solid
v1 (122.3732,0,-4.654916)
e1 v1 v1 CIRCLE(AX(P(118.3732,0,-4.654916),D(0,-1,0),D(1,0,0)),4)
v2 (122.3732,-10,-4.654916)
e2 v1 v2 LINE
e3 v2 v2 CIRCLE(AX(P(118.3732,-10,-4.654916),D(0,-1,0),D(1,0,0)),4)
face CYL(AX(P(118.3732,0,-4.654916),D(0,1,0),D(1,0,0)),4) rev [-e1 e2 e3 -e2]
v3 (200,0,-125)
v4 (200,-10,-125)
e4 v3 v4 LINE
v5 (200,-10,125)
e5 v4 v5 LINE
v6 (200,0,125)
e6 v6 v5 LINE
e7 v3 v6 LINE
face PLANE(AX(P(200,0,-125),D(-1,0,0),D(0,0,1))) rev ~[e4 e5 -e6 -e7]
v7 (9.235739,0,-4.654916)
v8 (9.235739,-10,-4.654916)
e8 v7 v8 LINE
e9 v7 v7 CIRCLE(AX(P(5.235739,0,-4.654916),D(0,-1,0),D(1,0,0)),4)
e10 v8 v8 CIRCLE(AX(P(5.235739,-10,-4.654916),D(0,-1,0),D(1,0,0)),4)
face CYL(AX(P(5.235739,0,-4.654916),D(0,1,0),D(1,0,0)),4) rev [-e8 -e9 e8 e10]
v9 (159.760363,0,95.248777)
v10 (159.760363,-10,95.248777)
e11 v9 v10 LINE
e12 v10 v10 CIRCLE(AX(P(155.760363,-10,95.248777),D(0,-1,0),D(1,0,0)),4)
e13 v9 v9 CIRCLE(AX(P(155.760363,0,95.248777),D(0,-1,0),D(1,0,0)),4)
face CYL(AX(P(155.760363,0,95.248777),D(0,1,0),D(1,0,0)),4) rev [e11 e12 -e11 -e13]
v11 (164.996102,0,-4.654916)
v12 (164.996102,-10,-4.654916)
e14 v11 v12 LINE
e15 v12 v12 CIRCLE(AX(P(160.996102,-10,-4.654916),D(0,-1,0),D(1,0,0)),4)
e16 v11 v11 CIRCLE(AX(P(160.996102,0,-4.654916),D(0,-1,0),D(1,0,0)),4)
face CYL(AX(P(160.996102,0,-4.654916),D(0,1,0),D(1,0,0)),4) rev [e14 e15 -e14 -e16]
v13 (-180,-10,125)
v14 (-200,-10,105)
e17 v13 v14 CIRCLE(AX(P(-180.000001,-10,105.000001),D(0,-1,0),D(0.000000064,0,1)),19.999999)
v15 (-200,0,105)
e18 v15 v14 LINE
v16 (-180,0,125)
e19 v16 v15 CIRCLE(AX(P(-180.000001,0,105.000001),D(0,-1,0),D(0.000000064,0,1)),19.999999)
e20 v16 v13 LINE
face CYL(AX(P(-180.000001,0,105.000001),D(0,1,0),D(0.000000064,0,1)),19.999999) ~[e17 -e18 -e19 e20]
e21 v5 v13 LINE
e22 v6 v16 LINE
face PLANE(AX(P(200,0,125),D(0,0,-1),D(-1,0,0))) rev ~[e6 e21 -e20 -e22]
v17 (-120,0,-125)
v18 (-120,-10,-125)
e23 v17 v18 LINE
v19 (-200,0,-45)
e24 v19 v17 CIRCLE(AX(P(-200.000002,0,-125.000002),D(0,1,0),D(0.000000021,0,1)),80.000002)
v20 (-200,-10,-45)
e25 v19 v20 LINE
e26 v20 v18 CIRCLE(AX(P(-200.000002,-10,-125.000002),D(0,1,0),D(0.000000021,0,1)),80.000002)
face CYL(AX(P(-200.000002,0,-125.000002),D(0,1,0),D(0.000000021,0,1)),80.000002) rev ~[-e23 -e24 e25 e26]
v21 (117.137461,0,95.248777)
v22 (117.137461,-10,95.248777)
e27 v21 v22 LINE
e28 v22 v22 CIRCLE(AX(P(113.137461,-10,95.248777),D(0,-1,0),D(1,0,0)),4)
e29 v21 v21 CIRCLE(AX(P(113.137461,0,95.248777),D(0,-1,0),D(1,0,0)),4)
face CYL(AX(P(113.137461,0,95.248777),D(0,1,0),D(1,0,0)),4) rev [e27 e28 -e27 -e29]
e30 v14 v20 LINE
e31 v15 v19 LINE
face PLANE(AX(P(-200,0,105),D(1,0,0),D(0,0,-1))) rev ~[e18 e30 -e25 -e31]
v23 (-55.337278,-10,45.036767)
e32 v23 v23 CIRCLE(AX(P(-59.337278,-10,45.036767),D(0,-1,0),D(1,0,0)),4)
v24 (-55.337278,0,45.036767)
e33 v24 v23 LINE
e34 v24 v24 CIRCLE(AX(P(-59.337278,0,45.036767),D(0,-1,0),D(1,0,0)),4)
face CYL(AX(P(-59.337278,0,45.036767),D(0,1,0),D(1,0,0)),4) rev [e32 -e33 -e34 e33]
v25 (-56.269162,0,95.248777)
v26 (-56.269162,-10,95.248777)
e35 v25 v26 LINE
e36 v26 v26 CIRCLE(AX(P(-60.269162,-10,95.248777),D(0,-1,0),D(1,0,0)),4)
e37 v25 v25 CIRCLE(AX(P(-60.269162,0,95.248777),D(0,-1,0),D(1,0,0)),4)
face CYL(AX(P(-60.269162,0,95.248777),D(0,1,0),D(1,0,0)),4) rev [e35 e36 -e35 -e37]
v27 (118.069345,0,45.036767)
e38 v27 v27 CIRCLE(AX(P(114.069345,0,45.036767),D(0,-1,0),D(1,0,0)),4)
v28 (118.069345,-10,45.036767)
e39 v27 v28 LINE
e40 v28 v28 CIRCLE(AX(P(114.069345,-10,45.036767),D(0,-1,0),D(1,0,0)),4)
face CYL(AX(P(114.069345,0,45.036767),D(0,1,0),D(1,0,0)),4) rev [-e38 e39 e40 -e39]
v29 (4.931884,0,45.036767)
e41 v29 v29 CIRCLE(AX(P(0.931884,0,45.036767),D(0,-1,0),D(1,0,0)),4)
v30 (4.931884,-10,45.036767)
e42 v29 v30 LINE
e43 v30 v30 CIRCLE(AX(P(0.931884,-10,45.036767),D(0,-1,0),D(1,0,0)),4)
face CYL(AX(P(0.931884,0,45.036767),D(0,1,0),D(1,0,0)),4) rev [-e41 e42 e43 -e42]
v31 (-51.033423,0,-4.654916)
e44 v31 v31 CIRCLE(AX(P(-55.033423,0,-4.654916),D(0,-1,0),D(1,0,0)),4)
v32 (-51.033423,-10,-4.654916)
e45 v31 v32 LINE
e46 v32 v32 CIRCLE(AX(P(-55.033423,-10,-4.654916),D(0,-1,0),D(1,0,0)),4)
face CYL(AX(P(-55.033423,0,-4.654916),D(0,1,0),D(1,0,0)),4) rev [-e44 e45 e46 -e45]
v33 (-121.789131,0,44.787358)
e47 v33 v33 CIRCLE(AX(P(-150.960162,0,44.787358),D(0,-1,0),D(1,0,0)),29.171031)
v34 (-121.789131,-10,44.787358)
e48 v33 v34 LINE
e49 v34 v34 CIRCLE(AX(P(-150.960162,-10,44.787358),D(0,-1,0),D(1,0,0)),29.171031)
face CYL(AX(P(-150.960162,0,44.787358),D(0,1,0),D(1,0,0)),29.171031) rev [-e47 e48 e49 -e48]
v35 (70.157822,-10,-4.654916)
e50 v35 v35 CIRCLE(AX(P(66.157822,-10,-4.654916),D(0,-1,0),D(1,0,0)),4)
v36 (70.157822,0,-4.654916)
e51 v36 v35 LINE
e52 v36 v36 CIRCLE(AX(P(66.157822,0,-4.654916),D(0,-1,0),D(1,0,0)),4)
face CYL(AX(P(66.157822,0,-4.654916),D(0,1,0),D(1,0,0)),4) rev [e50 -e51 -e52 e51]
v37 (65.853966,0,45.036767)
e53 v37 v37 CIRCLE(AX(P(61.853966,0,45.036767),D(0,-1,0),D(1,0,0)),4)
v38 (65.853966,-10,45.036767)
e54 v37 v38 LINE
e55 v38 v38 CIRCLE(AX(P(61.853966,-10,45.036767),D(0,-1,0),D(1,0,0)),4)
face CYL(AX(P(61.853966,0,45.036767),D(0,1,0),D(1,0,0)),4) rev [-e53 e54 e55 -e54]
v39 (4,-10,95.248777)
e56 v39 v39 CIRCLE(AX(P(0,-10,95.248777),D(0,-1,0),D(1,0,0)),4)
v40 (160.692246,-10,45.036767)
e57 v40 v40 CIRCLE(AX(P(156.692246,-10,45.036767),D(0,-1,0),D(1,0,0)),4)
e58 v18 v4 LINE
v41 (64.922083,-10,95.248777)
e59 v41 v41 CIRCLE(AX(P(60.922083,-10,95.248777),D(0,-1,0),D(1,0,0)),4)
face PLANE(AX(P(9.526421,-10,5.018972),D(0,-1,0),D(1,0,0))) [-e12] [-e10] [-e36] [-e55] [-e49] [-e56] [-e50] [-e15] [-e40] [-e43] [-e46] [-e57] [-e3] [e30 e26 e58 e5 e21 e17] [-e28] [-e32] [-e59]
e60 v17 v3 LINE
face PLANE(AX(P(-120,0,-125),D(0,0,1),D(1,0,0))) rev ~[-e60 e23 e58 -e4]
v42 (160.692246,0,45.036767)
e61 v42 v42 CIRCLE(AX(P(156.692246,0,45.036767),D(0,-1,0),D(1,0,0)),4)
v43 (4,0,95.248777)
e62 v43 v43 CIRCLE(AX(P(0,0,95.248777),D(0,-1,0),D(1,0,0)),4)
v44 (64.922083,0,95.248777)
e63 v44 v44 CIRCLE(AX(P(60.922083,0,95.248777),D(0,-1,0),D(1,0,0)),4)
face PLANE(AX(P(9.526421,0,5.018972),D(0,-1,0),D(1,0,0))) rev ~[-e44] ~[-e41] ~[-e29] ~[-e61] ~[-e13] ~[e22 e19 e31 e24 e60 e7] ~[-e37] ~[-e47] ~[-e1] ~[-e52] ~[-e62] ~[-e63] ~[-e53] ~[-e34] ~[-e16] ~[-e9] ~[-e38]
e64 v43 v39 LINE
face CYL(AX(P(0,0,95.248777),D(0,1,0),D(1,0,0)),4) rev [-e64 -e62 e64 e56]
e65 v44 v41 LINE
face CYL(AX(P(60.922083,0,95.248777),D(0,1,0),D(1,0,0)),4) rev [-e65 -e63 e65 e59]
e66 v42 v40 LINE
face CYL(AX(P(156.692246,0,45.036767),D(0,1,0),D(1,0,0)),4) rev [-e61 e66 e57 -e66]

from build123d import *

# Parameters (mm, degrees)
F0_R     = 4
F0_R_2   = 29.171031
F1_DEPTH = 10


with BuildPart() as f1:
    # F0 (on Front) → F1 (new body)
    with BuildSketch(Plane.XZ):
        with BuildLine():
            Line((200, 125), (-180, 125))
            ThreePointArc((-180, 125), (-194.142136, 119.142136), (-200, 105))
            Line((-200, 105), (-200, -45))
            ThreePointArc((-200, -45), (-143.431458, -68.431458), (-120, -125))
            Line((-120, -125), (200, -125))
            Line((200, -125), (200, 125))
        make_face()
        with Locations((-55.033423, -4.654916)):
            Circle(F0_R, mode=Mode.SUBTRACT)
        with Locations((5.235739, -4.654916)):
            Circle(F0_R, mode=Mode.SUBTRACT)
        with Locations((66.157822, -4.654916)):
            Circle(F0_R, mode=Mode.SUBTRACT)
        with Locations((118.3732, -4.654916)):
            Circle(F0_R, mode=Mode.SUBTRACT)
        with Locations((160.996102, -4.654916)):
            Circle(F0_R, mode=Mode.SUBTRACT)
        with Locations((-150.960162, 44.787358)):
            Circle(F0_R_2, mode=Mode.SUBTRACT)
        with Locations((-59.337278, 45.036767)):
            Circle(F0_R, mode=Mode.SUBTRACT)
        with Locations((-60.269162, 95.248777)):
            Circle(F0_R, mode=Mode.SUBTRACT)
        with Locations((0.931884, 45.036767)):
            Circle(F0_R, mode=Mode.SUBTRACT)
        with Locations((61.853966, 45.036767)):
            Circle(F0_R, mode=Mode.SUBTRACT)
        with Locations((114.069345, 45.036767)):
            Circle(F0_R, mode=Mode.SUBTRACT)
        with Locations((156.692246, 45.036767)):
            Circle(F0_R, mode=Mode.SUBTRACT)
        with Locations((0, 95.248777)):
            Circle(F0_R, mode=Mode.SUBTRACT)
        with Locations((60.922083, 95.248777)):
            Circle(F0_R, mode=Mode.SUBTRACT)
        with Locations((113.137461, 95.248777)):
            Circle(F0_R, mode=Mode.SUBTRACT)
        with Locations((155.760363, 95.248777)):
            Circle(F0_R, mode=Mode.SUBTRACT)
    extrude(amount=F1_DEPTH)


solid = f1.part
